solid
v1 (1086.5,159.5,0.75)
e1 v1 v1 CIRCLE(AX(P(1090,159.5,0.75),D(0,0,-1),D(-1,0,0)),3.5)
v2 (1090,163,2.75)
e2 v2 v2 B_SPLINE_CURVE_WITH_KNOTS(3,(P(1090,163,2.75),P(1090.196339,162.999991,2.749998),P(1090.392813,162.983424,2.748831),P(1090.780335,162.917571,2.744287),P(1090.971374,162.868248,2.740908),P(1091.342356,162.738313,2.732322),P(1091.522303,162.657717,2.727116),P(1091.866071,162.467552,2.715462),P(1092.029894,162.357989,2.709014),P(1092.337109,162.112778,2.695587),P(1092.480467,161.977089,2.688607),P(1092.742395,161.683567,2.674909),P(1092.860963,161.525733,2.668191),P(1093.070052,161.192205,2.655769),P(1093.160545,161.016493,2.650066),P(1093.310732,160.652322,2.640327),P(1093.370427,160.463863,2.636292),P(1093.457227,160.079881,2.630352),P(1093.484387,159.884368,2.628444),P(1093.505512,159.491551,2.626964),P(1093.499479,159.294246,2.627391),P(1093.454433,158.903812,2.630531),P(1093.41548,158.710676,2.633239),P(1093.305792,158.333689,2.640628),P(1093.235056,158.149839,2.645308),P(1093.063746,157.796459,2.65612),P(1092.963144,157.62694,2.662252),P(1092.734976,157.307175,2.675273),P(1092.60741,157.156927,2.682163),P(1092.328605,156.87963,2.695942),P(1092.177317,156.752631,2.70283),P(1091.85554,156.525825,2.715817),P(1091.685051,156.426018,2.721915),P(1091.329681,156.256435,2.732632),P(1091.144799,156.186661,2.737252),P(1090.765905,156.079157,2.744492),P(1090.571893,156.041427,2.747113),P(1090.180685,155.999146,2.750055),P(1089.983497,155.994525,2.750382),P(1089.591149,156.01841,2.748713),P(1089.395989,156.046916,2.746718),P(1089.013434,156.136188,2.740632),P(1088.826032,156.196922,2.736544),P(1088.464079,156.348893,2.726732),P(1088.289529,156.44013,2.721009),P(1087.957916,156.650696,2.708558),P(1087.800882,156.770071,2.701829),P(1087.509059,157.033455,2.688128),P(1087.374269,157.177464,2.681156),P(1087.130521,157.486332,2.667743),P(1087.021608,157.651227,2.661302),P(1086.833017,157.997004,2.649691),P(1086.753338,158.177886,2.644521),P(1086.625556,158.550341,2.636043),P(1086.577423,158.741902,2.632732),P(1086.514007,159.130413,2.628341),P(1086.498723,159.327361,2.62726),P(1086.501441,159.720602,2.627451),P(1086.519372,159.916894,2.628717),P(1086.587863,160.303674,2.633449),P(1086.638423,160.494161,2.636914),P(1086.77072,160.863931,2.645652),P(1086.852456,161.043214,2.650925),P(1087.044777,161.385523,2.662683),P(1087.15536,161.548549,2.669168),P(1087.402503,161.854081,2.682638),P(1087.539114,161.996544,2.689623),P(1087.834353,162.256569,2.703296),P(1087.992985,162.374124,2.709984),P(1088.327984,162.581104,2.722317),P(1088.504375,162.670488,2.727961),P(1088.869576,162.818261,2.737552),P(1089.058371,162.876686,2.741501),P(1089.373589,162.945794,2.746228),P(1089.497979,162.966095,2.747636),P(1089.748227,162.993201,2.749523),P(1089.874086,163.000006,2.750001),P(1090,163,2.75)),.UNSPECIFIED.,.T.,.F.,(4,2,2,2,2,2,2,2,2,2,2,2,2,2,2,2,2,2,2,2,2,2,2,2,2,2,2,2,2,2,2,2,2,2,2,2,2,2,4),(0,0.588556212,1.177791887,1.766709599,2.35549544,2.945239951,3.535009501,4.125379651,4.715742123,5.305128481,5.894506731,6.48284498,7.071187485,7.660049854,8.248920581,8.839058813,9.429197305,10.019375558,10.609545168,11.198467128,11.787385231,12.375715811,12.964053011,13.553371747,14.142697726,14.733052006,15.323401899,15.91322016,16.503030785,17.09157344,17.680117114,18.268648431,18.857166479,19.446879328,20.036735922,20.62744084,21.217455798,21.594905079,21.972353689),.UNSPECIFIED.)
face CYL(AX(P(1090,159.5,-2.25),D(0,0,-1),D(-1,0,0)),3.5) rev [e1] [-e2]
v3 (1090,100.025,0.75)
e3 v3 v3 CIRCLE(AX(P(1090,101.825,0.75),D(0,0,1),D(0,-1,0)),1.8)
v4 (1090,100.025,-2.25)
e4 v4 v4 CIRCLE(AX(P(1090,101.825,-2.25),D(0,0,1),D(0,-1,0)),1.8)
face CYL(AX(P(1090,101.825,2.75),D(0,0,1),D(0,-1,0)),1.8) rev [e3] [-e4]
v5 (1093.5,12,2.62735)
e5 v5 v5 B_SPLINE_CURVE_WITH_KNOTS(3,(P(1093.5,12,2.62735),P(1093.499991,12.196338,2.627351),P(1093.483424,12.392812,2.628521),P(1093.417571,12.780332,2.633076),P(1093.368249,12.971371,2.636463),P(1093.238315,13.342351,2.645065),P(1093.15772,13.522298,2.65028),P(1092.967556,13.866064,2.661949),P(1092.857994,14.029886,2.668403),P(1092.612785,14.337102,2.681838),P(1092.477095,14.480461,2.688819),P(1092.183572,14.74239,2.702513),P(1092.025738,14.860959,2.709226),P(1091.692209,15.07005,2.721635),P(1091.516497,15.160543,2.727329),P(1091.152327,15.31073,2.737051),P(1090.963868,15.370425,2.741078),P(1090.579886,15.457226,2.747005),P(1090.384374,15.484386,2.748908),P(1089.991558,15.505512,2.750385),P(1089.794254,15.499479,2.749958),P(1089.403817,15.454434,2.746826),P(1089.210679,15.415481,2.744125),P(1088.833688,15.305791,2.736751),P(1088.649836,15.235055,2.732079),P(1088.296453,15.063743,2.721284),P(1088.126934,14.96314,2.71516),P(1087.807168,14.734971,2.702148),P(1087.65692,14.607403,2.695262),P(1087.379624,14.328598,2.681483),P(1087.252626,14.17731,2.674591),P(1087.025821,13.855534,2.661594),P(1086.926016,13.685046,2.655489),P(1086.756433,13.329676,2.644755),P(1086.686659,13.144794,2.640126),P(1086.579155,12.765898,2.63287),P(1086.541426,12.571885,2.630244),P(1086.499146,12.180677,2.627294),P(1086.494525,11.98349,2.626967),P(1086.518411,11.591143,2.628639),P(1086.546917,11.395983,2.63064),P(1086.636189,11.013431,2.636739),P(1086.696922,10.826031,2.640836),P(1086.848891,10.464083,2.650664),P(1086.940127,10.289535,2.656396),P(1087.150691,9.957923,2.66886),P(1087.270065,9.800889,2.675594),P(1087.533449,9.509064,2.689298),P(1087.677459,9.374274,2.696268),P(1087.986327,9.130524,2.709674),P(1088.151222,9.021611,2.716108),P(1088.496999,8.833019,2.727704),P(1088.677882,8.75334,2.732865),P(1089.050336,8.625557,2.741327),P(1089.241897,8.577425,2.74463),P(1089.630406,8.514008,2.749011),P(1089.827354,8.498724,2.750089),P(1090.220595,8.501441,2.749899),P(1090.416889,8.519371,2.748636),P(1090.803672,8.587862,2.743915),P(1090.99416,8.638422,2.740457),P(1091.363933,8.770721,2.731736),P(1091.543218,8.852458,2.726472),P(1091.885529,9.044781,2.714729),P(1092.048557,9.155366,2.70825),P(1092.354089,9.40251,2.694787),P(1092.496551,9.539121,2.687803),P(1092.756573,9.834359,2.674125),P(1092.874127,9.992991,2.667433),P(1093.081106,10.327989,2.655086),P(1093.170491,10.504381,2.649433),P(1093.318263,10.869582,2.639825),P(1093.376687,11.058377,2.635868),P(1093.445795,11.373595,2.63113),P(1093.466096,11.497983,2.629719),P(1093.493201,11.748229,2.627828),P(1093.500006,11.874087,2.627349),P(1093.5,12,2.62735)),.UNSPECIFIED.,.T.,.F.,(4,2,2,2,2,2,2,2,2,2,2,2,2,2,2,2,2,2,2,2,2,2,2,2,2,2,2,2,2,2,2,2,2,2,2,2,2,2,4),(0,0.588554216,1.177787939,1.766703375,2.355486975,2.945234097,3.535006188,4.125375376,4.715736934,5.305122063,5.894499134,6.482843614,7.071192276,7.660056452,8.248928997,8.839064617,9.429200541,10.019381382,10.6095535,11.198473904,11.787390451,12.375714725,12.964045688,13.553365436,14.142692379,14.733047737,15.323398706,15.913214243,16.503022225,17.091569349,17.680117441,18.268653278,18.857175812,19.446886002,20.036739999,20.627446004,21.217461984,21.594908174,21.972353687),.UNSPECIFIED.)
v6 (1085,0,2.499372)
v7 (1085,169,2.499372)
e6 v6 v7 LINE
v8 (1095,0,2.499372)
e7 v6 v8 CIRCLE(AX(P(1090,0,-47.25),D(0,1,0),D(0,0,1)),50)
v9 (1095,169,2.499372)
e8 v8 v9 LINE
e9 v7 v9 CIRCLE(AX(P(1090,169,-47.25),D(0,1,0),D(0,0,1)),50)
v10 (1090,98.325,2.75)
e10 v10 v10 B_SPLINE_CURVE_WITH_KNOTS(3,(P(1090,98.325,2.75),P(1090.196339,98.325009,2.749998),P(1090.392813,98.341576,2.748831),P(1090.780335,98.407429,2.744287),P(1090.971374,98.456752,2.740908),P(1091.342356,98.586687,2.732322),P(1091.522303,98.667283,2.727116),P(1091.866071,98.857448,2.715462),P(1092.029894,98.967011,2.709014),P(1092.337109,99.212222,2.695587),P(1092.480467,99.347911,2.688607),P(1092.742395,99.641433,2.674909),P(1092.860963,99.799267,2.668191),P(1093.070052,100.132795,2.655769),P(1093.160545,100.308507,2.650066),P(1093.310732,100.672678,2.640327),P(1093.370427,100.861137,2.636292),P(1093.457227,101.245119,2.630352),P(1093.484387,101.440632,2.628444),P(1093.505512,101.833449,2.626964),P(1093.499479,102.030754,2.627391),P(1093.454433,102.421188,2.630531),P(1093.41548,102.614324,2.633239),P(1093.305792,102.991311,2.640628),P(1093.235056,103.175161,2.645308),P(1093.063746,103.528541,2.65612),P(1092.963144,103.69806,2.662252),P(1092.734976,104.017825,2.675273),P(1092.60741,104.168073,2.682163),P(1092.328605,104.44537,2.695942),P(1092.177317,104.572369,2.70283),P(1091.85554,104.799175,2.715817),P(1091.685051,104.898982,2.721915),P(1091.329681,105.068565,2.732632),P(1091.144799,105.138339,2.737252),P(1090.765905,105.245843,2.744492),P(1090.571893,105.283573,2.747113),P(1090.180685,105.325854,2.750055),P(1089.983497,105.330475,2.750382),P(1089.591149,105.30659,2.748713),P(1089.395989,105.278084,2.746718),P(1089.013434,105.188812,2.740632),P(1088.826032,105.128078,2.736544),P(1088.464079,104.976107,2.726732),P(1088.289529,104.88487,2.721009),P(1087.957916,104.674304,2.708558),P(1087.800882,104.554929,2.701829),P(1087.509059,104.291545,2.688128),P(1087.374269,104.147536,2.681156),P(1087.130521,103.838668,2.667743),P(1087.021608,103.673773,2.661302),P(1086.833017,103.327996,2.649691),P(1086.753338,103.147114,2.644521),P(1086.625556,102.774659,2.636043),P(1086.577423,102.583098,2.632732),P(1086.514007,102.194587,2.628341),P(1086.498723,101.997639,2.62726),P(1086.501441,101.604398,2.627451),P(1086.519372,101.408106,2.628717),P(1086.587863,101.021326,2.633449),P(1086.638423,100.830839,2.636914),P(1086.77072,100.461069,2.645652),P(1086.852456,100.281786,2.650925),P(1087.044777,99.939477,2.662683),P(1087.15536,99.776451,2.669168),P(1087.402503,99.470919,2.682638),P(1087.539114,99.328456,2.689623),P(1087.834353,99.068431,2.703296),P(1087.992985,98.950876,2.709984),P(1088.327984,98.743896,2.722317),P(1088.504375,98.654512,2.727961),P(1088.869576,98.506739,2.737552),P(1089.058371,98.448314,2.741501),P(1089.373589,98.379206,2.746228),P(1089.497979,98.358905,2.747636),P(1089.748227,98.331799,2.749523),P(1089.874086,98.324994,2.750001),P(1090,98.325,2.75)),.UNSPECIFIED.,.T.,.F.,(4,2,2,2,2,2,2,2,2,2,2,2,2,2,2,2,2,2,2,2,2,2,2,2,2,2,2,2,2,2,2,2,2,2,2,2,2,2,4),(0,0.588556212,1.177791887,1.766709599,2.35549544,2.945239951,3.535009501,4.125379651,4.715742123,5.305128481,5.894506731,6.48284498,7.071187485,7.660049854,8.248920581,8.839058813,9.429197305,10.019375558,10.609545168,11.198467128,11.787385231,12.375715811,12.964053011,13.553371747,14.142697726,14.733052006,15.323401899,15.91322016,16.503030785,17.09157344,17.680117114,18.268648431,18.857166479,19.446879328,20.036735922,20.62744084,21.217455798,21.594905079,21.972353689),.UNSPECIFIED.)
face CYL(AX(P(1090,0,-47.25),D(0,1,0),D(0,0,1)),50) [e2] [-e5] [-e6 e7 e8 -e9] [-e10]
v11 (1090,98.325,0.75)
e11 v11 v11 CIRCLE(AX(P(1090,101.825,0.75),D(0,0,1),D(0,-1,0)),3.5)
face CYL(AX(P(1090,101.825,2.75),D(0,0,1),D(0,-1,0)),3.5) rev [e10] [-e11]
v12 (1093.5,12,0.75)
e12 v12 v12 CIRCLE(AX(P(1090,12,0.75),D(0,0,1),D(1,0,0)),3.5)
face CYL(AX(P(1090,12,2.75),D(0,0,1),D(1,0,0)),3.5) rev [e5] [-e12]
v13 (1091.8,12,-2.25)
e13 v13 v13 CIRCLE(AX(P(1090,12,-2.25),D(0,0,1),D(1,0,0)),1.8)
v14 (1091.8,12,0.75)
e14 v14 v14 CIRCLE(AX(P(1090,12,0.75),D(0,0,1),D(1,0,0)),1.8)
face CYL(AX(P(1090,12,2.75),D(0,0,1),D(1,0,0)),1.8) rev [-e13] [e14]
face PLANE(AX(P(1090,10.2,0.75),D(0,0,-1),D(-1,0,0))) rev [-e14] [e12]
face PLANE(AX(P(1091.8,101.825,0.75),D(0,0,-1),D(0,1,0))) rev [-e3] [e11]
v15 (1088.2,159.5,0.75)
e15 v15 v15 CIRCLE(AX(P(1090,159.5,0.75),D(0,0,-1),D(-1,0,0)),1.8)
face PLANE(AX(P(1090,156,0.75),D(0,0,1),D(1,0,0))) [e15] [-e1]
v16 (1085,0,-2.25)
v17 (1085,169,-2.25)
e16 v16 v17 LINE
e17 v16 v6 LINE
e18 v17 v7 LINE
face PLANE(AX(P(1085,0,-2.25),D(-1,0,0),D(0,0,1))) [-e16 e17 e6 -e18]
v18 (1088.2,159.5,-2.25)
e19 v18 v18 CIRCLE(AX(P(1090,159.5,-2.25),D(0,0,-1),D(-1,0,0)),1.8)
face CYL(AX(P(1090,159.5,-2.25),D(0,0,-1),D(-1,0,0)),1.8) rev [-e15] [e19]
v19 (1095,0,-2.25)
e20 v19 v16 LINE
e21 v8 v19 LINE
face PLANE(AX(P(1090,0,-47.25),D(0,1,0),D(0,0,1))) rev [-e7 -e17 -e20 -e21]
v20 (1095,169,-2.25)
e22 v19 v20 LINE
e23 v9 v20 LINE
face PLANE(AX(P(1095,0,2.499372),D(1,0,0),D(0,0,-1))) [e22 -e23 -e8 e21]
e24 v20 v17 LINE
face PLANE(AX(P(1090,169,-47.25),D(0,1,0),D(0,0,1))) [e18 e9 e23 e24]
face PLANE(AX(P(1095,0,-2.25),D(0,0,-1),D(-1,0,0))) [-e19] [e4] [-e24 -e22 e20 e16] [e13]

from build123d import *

# Parameters (mm, degrees)
EXTRUDE_1_DEPTH              = 169
HOLE_WIZARD_M3_1_D           = 3.6
HOLE_WIZARD_M3_1_DEPTH       = 5
HOLE_WIZARD_M3_1_CBORE_D     = 7
HOLE_WIZARD_M3_1_CBORE_DEPTH = 2


with BuildPart() as part:
    # 草图1 → 凸台-拉伸1 (new body)
    with BuildSketch(Plane(origin=(0, 169, 0), x_dir=(1, 0, 0), z_dir=(0, 1, 0))):
        with BuildLine():
            Line((1095, -2.499371855), (1095, 2.25))
            Line((1095, 2.25), (1085, 2.25))
            Line((1085, 2.25), (1085, -2.499371855))
            ThreePointArc((1085, -2.499371855), (1090, -2.75), (1095, -2.499371855))
        make_face()
    extrude(amount=-EXTRUDE_1_DEPTH)

    # M3 六角头机械螺钉的柱形沉头孔1
    with Locations(Plane(origin=(1090, 101.825, 2.75), x_dir=(0, 1, 0), z_dir=(0, 0, 1))):
        with Locations((0, 0)):
            CounterBoreHole(HOLE_WIZARD_M3_1_D / 2, HOLE_WIZARD_M3_1_CBORE_D / 2, HOLE_WIZARD_M3_1_CBORE_DEPTH, depth=HOLE_WIZARD_M3_1_DEPTH)

    # 草图4 → 切除-旋转1 (revolve, cut)
    with BuildSketch(Plane(origin=(1090, 0, 0), x_dir=(0, 0, -1), z_dir=(1, 0, 0))):
        Polygon((-2.75, 159.5), (-2.75, 156), (-0.75, 156), (-0.75, 157.7), (2.25, 157.7), (2.25, 159.5), align=None)
    revolve(axis=Axis((1090, 159.5, -2.25), (0, 0, 1)), mode=Mode.SUBTRACT)

    # 草图5 → 切除-旋转2 (revolve, cut)
    with BuildSketch(Plane(origin=(1090, 0, 0), x_dir=(0, 0, -1), z_dir=(1, 0, 0))):
        Polygon((-2.75, 12), (-2.75, 8.5), (-0.75, 8.5), (-0.75, 10.2), (2.25, 10.2), (2.25, 12), align=None)
    revolve(axis=Axis((1090, 12, 2.75), (0, 0, -1)), mode=Mode.SUBTRACT)


solid = part.part
